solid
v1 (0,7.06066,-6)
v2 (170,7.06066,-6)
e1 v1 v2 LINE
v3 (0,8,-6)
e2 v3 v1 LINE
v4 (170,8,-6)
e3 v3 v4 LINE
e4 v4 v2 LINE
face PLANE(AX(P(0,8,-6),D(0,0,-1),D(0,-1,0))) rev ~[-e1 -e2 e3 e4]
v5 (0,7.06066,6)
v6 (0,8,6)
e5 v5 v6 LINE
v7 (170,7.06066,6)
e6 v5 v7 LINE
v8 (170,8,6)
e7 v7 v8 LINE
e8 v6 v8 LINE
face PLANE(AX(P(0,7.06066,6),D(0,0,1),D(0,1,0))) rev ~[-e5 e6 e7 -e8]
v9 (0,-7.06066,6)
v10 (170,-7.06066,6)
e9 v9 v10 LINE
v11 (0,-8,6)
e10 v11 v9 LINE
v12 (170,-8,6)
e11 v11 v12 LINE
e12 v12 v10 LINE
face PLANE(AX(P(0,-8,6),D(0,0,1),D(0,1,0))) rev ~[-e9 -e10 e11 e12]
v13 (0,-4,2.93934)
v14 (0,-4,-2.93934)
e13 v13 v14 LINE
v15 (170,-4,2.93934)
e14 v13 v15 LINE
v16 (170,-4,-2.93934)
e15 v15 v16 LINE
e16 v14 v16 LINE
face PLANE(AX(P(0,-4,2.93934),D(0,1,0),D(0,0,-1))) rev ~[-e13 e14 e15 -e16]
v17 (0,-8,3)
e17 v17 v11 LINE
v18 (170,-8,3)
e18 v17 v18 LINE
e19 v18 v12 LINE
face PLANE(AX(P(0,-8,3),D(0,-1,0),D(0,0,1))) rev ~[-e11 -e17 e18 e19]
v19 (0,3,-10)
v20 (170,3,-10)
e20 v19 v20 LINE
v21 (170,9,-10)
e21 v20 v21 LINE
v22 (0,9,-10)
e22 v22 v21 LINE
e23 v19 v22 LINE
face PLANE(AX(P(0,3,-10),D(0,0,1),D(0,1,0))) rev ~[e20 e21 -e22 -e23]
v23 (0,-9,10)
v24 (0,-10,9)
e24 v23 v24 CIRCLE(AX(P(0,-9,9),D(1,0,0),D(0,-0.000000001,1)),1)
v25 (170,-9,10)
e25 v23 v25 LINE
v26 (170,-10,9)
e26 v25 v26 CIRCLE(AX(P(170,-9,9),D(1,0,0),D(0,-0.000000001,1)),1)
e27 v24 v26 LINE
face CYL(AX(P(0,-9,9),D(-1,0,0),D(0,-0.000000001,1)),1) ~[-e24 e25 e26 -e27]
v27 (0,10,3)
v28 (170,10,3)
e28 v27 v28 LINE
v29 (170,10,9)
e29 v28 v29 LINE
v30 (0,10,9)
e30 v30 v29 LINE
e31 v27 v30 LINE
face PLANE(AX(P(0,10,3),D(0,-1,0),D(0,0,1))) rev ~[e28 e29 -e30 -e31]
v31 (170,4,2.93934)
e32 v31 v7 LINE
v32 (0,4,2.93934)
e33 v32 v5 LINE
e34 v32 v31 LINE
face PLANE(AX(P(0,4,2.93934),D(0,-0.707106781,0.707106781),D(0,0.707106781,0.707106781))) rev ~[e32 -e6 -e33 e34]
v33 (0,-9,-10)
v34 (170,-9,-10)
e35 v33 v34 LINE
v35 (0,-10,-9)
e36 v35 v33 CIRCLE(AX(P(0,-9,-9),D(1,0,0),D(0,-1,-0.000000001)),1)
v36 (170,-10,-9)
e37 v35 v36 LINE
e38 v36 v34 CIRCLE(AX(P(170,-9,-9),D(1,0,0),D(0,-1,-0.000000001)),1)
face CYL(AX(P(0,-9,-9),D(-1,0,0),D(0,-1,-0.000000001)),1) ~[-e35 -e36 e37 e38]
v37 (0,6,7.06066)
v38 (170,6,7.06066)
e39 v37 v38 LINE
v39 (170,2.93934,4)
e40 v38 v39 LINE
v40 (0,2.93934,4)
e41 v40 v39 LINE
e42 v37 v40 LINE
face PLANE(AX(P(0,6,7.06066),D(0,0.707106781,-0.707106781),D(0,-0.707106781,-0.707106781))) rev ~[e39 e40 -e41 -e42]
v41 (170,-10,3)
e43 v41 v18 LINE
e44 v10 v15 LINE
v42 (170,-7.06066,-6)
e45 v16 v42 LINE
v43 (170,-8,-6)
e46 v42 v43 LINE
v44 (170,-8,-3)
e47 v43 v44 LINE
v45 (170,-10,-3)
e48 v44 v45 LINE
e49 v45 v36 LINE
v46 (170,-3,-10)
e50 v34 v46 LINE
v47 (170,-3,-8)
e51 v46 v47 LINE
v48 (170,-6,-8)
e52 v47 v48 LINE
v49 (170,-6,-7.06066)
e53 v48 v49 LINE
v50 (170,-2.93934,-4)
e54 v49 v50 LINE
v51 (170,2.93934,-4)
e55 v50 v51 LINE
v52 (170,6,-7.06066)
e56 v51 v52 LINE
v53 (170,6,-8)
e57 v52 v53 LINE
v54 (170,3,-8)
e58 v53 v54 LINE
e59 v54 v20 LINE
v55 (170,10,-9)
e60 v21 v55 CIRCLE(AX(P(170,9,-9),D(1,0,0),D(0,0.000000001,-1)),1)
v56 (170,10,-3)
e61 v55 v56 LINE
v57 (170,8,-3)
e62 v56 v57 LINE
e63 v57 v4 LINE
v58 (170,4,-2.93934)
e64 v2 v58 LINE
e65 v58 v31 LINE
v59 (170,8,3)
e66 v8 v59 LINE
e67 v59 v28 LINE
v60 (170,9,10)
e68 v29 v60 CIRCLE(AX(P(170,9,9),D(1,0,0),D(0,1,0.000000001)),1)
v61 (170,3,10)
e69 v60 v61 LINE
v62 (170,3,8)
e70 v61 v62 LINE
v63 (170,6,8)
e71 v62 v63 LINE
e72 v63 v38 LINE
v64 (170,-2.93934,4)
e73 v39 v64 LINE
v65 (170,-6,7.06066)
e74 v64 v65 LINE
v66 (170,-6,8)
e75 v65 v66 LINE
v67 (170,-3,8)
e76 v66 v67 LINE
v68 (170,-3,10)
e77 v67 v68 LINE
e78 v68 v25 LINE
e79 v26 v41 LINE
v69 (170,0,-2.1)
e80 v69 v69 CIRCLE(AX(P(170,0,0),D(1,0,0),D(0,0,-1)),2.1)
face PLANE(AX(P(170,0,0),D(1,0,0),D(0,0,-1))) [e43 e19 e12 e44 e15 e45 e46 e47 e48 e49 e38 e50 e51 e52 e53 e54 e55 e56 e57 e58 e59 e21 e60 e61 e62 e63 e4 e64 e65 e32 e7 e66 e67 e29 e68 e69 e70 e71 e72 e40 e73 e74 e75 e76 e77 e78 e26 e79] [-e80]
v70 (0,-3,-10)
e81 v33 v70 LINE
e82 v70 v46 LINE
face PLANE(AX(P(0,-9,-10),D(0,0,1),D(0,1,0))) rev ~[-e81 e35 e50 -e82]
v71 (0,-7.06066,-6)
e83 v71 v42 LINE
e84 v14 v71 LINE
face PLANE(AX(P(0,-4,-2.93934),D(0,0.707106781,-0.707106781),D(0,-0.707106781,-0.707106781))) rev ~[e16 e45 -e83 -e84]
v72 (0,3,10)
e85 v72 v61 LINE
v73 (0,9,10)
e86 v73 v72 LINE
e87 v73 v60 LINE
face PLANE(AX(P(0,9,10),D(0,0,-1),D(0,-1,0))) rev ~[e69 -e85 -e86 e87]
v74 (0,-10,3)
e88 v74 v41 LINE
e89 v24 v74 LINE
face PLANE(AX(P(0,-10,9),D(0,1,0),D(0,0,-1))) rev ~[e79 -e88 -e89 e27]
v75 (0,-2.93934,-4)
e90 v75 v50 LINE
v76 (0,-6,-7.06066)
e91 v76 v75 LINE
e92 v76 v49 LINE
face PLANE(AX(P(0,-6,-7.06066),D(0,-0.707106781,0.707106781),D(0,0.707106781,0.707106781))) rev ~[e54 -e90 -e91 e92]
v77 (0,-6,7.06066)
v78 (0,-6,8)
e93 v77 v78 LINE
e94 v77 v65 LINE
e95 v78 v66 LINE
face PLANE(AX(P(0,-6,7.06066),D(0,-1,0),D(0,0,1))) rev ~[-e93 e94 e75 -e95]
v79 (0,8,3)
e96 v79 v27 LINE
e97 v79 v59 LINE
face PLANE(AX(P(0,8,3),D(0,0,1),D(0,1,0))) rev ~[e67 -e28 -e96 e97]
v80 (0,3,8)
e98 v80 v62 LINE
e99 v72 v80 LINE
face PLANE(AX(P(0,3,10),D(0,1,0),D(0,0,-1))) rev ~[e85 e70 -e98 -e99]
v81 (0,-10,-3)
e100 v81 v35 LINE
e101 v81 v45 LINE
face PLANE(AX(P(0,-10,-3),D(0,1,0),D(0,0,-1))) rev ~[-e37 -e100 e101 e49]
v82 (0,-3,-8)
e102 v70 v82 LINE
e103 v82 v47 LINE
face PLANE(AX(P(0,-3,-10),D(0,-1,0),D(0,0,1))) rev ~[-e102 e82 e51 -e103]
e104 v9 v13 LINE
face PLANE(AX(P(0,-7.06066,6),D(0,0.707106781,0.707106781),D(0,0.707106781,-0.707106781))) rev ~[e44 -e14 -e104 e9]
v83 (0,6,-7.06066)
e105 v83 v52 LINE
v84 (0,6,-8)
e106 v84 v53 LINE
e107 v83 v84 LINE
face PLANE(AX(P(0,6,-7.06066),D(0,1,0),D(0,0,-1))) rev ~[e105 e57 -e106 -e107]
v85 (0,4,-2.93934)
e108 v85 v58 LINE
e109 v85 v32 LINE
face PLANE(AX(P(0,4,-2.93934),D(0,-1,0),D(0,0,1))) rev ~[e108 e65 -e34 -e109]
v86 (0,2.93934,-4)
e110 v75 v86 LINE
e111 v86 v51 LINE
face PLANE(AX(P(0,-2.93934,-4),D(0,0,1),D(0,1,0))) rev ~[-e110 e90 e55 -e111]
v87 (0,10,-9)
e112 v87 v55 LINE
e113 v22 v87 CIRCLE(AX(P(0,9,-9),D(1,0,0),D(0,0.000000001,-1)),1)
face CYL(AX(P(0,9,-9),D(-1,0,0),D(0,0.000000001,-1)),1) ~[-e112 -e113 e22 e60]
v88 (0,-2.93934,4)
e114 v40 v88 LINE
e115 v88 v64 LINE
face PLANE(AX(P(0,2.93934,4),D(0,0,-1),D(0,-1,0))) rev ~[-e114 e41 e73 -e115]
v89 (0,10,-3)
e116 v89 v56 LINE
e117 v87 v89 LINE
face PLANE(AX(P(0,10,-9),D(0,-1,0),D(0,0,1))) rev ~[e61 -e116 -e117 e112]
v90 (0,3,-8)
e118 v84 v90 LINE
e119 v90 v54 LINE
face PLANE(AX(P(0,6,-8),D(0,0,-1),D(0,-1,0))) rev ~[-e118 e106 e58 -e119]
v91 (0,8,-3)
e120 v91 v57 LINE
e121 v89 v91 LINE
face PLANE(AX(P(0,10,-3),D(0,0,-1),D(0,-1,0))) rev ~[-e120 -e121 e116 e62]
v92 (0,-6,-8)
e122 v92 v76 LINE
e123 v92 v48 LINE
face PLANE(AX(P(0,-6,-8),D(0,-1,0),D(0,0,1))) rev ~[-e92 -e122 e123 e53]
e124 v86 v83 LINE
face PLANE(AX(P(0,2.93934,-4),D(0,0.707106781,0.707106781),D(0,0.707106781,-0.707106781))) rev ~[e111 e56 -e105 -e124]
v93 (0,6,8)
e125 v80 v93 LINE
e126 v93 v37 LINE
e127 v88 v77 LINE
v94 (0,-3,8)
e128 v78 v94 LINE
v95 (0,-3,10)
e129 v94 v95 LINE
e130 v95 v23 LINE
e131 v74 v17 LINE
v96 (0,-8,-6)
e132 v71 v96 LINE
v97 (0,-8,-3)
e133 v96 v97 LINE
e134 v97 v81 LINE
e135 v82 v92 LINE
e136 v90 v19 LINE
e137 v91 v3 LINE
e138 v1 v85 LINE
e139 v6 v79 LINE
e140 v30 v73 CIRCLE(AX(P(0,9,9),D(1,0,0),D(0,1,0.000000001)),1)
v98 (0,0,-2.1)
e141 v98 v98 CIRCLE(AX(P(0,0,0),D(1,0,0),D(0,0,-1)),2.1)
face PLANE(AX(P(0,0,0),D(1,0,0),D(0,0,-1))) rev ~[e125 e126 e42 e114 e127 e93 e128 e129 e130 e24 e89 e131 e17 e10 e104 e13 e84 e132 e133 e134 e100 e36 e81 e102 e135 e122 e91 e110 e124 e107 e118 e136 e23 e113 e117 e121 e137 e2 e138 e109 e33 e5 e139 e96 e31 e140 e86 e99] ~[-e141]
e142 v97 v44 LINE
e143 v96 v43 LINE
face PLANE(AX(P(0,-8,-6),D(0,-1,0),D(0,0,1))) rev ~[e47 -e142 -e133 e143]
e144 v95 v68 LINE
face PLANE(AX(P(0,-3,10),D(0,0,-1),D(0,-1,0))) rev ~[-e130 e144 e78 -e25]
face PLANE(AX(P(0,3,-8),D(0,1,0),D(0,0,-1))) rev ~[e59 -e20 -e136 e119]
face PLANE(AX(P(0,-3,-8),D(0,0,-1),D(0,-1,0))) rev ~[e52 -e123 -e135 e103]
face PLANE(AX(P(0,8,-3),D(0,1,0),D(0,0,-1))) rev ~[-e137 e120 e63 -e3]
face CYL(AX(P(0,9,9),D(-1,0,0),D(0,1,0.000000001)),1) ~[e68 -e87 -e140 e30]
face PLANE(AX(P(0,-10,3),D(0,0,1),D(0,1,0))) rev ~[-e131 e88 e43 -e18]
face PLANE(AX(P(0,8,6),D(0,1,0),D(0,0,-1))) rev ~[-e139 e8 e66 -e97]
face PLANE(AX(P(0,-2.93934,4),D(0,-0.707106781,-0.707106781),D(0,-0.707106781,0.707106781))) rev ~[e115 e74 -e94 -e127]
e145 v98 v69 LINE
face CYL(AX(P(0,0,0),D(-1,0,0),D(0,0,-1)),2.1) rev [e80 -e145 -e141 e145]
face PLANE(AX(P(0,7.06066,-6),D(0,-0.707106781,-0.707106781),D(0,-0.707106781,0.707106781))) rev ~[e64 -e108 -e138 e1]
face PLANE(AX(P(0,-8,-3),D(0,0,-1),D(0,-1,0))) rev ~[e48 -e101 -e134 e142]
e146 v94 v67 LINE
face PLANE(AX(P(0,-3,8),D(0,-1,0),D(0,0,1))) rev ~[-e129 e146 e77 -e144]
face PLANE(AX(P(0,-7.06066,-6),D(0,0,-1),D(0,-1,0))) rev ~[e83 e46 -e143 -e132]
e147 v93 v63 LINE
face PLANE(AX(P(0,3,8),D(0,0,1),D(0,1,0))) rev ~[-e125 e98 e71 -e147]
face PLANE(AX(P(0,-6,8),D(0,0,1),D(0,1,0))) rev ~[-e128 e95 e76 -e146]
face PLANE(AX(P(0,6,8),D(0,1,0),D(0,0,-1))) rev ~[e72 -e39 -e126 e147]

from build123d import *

# Parameters (mm, degrees)
SKETCH1_R           = 2.1
BOSS_EXTRUDE1_DEPTH = 170


with BuildPart() as part:
    # Sketch1 → Boss-Extrude1 (new body)
    with BuildSketch(Plane(origin=(0, 0, 0), x_dir=(0, 0, -1), z_dir=(1, 0, 0))):
        with BuildLine():
            Line((-10, 9), (-10, 3))
            Line((-10, 3), (-8, 3))
            Line((-8, 3), (-8, 6))
            Line((-8, 6), (-7.060660172, 6))
            Line((-7.060660172, 6), (-4, 2.939339828))
            Line((-4, 2.939339828), (-4, -2.939339828))
            Line((-4, -2.939339828), (-7.060660172, -6))
            Line((-7.060660172, -6), (-8, -6))
            Line((-8, -6), (-8, -3))
            Line((-8, -3), (-10, -3))
            Line((-10, -3), (-10, -9))
            ThreePointArc((-10, -9), (-9.707106781, -9.707106781), (-9, -10))
            Line((-9, -10), (-3, -10))
            Line((-3, -10), (-3, -8))
            Line((-3, -8), (-6, -8))
            Line((-6, -8), (-6, -7.060660172))
            Line((-6, -7.060660172), (-2.939339828, -4))
            Line((-2.939339828, -4), (2.939339828, -4))
            Line((2.939339828, -4), (6, -7.060660172))
            Line((6, -7.060660172), (6, -8))
            Line((6, -8), (3, -8))
            Line((3, -8), (3, -10))
            Line((3, -10), (9, -10))
            ThreePointArc((9, -10), (9.707106781, -9.707106781), (10, -9))
            Line((10, -9), (10, -3))
            Line((10, -3), (8, -3))
            Line((8, -3), (8, -6))
            Line((8, -6), (7.060660172, -6))
            Line((7.060660172, -6), (4, -2.939339828))
            Line((4, -2.939339828), (4, 2.939339828))
            Line((4, 2.939339828), (7.060660172, 6))
            Line((7.060660172, 6), (8, 6))
            Line((8, 6), (8, 3))
            Line((8, 3), (10, 3))
            Line((10, 3), (10, 9))
            ThreePointArc((10, 9), (9.707106781, 9.707106781), (9, 10))
            Line((9, 10), (3, 10))
            Line((3, 10), (3, 8))
            Line((3, 8), (6, 8))
            Line((6, 8), (6, 7.060660172))
            Line((6, 7.060660172), (2.939339828, 4))
            Line((2.939339828, 4), (-2.939339828, 4))
            Line((-2.939339828, 4), (-6, 7.060660172))
            Line((-6, 7.060660172), (-6, 8))
            Line((-6, 8), (-3, 8))
            Line((-3, 8), (-3, 10))
            Line((-3, 10), (-9, 10))
            ThreePointArc((-9, 10), (-9.707106781, 9.707106781), (-10, 9))
        make_face()
        Circle(SKETCH1_R, mode=Mode.SUBTRACT)
    extrude(amount=BOSS_EXTRUDE1_DEPTH)


solid = part.part
